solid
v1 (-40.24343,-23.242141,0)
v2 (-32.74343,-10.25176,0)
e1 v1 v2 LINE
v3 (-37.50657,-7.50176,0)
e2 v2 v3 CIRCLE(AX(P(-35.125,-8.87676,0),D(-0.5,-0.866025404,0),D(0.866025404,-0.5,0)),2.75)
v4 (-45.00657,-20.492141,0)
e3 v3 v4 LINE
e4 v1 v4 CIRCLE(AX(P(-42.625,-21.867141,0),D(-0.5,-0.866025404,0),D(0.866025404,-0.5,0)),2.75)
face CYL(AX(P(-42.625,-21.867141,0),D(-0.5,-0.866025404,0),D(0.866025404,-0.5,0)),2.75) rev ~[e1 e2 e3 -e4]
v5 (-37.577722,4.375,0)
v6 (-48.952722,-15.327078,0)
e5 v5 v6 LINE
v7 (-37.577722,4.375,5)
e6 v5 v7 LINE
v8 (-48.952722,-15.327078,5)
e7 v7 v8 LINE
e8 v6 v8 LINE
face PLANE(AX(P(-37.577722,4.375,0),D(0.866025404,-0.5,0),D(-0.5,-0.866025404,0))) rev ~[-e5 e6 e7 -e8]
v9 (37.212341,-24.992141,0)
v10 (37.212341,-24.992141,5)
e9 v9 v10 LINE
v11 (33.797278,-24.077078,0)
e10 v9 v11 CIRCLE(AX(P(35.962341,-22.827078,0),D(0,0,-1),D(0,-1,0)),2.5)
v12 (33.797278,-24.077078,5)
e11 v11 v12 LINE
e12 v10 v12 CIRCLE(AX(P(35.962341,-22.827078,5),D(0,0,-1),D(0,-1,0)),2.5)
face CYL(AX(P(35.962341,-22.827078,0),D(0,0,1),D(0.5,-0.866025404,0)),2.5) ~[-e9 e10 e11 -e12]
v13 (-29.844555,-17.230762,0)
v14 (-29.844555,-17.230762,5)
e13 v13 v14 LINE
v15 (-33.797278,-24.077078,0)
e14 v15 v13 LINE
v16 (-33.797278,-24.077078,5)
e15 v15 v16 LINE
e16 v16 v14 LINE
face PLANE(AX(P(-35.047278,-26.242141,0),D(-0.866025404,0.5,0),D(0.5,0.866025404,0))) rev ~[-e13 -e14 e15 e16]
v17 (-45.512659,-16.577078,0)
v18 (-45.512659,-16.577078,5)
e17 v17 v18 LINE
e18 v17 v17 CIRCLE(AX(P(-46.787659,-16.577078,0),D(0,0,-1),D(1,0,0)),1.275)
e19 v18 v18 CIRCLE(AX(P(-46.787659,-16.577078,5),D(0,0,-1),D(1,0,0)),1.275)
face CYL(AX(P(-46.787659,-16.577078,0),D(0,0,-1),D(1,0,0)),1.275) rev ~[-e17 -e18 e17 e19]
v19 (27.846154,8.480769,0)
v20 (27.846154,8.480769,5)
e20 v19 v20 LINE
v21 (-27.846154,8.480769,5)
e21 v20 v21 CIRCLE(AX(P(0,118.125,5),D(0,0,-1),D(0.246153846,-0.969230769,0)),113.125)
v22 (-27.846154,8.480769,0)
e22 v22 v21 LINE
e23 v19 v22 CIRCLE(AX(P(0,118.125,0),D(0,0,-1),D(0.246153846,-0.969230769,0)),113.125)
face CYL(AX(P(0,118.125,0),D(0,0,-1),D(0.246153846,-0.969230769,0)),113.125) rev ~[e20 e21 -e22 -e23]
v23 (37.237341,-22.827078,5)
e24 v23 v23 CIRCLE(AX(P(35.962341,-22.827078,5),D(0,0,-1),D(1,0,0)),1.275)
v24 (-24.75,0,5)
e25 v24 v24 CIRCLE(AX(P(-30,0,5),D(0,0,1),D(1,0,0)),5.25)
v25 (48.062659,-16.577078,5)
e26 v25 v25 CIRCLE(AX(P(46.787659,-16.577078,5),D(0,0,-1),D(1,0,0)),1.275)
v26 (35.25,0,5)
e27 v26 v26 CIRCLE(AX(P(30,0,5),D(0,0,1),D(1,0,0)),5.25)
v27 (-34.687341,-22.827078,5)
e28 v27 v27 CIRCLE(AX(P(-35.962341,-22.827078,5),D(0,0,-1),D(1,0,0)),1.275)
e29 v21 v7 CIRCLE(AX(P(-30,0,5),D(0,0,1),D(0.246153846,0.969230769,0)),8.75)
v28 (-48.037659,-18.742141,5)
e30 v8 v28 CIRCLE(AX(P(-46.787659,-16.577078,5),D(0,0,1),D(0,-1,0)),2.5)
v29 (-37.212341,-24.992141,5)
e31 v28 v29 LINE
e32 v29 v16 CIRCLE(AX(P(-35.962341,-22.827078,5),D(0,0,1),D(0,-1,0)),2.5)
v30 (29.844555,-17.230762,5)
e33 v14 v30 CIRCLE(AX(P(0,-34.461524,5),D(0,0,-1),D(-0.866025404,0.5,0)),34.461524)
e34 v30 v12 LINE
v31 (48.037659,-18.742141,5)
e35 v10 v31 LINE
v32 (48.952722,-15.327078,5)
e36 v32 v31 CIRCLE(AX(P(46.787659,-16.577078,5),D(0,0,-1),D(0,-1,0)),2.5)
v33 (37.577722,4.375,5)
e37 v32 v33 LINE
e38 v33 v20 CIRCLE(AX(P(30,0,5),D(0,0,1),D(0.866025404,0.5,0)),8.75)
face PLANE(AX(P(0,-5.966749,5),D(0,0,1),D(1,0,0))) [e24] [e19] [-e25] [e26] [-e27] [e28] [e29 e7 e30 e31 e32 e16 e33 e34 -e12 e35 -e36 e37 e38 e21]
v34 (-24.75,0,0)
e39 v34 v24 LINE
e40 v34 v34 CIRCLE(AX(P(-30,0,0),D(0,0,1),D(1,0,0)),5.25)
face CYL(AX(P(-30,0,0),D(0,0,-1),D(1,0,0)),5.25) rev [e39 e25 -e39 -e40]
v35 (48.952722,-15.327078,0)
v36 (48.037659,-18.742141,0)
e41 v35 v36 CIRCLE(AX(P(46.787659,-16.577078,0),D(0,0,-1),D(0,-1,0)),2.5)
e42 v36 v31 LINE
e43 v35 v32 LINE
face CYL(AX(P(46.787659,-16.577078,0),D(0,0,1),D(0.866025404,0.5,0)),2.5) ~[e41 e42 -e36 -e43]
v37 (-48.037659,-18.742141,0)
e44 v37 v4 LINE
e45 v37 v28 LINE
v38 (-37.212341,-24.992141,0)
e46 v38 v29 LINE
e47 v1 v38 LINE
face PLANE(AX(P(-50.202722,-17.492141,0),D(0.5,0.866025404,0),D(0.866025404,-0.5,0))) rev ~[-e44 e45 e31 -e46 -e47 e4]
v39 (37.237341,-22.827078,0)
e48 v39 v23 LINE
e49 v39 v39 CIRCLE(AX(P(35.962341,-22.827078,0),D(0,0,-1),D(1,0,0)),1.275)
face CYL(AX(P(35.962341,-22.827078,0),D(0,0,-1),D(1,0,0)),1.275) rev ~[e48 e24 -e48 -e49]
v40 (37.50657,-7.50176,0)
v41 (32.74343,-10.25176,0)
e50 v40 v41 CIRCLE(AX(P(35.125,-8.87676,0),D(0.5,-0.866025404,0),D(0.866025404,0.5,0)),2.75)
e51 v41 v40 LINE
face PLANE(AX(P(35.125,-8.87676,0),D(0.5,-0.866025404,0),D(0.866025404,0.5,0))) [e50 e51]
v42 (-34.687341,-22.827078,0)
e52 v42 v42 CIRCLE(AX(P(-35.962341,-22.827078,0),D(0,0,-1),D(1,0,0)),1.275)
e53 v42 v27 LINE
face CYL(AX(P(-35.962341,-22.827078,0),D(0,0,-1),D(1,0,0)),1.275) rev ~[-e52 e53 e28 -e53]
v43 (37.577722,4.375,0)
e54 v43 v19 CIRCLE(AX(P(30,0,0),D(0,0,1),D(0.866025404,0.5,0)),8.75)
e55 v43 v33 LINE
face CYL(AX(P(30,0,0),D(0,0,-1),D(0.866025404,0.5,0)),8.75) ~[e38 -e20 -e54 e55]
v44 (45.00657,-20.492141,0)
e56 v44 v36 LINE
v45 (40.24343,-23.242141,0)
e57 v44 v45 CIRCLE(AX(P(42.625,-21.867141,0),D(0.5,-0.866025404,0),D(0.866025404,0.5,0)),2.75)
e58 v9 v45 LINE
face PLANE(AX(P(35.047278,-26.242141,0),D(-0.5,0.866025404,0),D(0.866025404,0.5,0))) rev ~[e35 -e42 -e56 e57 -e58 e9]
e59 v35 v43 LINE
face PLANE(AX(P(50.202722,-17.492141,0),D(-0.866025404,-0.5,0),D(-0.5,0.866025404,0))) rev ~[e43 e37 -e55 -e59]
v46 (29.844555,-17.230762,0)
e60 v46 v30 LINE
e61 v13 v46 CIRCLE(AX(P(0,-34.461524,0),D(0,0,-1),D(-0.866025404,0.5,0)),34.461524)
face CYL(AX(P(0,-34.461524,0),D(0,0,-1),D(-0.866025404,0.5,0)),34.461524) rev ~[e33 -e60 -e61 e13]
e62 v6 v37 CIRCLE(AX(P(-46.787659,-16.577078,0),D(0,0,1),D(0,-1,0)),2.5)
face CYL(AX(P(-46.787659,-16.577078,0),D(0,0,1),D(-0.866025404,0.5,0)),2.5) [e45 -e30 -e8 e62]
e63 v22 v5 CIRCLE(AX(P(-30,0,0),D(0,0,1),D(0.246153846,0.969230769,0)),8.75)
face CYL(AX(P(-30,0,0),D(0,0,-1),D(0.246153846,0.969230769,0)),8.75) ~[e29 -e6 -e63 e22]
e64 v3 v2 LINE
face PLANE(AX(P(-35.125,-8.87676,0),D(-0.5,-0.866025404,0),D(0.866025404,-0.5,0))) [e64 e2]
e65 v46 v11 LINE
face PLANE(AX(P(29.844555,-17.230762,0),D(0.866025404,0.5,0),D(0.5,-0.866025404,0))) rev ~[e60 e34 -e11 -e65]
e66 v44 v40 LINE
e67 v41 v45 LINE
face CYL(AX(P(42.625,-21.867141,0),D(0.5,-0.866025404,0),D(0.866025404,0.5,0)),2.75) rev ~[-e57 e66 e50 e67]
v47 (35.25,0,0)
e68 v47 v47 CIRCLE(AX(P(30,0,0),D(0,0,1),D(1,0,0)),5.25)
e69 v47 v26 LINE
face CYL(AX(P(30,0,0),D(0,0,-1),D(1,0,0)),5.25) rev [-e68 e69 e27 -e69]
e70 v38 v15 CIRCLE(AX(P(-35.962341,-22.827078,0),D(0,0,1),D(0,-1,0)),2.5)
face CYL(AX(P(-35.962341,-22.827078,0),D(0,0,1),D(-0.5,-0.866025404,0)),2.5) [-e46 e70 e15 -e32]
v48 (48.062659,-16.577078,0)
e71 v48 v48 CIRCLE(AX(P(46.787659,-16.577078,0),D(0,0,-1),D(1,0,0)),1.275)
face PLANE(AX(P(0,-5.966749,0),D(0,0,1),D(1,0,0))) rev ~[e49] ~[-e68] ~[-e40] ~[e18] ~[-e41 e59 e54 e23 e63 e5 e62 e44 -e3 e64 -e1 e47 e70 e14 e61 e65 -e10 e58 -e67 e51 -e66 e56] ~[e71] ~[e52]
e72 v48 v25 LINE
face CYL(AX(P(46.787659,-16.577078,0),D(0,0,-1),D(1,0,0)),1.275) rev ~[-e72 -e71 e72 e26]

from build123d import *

# Parameters (mm, degrees)
F0_R     = 5.25
F1_DEPTH = 5
F2_R     = 2.75
F3_DEPTH = 15
F4_R     = 2.75
F5_DEPTH = 15
F6_R     = 1.275
F7_DEPTH = 5.001
F8_R     = 2.5


with BuildPart() as f1:
    # F0 (on Top) → F1 (new body)
    with BuildSketch(Plane.XY):
        with BuildLine():
            ThreePointArc((27.8461538462, 8.4807692308), (0, 5), (-27.8461538462, 8.4807692308))
            ThreePointArc((-27.8461538462, 8.4807692308), (-33.4013149384, 8.0618581412), (-37.5777222831, 4.375))
            Line((-37.5777222831, 4.375), (-50.2027222831, -17.4921414456))
            Line((-50.2027222831, -17.4921414456), (-35.0472777169, -26.2421414456))
            Line((-35.0472777169, -26.2421414456), (-29.8445554338, -17.2307621135))
            ThreePointArc((-29.8445554338, -17.2307621135), (0, 0), (29.8445554338, -17.2307621135))
            Line((29.8445554338, -17.2307621135), (35.0472777169, -26.2421414456))
            Line((35.0472777169, -26.2421414456), (50.2027222831, -17.4921414456))
            Line((50.2027222831, -17.4921414456), (37.5777222831, 4.375))
            ThreePointArc((37.5777222831, 4.375), (33.4013149384, 8.0618581412), (27.8461538462, 8.4807692308))
        make_face()
        with Locations((-30, 0)):
            Circle(F0_R, mode=Mode.SUBTRACT)
        with Locations((30, 0)):
            Circle(F0_R, mode=Mode.SUBTRACT)
    extrude(amount=F1_DEPTH)

    # F2 (on face) → F3 (cut)
    with BuildSketch(Plane(origin=(-20.125, -34.8575225023, 0), x_dir=(0.8660254038, -0.5, 0), z_dir=(-0.5, -0.8660254038, 0))):
        with Locations((-25.9807621135, 0)):
            Circle(F2_R)
    extrude(amount=-F3_DEPTH, mode=Mode.SUBTRACT)

    # F4 (on face) → F5 (cut)
    with BuildSketch(Plane(origin=(20.125, -34.8575225023, 0), x_dir=(0.8660254038, 0.5, 0), z_dir=(0.5, -0.8660254038, 0))):
        with Locations((25.9807621135, 0)):
            Circle(F4_R)
    extrude(amount=-F5_DEPTH, mode=Mode.SUBTRACT)

    # F6 (on face) → F7 (cut, through all)
    with BuildSketch(Plane(origin=(0, 0, 0), x_dir=(1, 0, 0), z_dir=(0, 0, -1))):
        with Locations((-46.7876587737, 16.5770779361)):
            Circle(F6_R)
        with Locations((-35.9623412263, 22.8270779361)):
            Circle(F6_R)
        with Locations((35.9623412263, 22.8270779361)):
            Circle(F6_R)
        with Locations((46.7876587737, 16.5770779361)):
            Circle(F6_R)
    extrude(amount=-F7_DEPTH, mode=Mode.SUBTRACT)

    # F8
    f8_edges = [f1.edges().sort_by_distance(p)[0] for p in [
        (-50.202722, -17.492141, 2.5),
        (-35.047278, -26.242141, 2.5),
        (35.047278, -26.242141, 2.5),
        (50.202722, -17.492141, 2.5),
    ]]
    fillet(f8_edges, radius=F8_R)


solid = f1.part
